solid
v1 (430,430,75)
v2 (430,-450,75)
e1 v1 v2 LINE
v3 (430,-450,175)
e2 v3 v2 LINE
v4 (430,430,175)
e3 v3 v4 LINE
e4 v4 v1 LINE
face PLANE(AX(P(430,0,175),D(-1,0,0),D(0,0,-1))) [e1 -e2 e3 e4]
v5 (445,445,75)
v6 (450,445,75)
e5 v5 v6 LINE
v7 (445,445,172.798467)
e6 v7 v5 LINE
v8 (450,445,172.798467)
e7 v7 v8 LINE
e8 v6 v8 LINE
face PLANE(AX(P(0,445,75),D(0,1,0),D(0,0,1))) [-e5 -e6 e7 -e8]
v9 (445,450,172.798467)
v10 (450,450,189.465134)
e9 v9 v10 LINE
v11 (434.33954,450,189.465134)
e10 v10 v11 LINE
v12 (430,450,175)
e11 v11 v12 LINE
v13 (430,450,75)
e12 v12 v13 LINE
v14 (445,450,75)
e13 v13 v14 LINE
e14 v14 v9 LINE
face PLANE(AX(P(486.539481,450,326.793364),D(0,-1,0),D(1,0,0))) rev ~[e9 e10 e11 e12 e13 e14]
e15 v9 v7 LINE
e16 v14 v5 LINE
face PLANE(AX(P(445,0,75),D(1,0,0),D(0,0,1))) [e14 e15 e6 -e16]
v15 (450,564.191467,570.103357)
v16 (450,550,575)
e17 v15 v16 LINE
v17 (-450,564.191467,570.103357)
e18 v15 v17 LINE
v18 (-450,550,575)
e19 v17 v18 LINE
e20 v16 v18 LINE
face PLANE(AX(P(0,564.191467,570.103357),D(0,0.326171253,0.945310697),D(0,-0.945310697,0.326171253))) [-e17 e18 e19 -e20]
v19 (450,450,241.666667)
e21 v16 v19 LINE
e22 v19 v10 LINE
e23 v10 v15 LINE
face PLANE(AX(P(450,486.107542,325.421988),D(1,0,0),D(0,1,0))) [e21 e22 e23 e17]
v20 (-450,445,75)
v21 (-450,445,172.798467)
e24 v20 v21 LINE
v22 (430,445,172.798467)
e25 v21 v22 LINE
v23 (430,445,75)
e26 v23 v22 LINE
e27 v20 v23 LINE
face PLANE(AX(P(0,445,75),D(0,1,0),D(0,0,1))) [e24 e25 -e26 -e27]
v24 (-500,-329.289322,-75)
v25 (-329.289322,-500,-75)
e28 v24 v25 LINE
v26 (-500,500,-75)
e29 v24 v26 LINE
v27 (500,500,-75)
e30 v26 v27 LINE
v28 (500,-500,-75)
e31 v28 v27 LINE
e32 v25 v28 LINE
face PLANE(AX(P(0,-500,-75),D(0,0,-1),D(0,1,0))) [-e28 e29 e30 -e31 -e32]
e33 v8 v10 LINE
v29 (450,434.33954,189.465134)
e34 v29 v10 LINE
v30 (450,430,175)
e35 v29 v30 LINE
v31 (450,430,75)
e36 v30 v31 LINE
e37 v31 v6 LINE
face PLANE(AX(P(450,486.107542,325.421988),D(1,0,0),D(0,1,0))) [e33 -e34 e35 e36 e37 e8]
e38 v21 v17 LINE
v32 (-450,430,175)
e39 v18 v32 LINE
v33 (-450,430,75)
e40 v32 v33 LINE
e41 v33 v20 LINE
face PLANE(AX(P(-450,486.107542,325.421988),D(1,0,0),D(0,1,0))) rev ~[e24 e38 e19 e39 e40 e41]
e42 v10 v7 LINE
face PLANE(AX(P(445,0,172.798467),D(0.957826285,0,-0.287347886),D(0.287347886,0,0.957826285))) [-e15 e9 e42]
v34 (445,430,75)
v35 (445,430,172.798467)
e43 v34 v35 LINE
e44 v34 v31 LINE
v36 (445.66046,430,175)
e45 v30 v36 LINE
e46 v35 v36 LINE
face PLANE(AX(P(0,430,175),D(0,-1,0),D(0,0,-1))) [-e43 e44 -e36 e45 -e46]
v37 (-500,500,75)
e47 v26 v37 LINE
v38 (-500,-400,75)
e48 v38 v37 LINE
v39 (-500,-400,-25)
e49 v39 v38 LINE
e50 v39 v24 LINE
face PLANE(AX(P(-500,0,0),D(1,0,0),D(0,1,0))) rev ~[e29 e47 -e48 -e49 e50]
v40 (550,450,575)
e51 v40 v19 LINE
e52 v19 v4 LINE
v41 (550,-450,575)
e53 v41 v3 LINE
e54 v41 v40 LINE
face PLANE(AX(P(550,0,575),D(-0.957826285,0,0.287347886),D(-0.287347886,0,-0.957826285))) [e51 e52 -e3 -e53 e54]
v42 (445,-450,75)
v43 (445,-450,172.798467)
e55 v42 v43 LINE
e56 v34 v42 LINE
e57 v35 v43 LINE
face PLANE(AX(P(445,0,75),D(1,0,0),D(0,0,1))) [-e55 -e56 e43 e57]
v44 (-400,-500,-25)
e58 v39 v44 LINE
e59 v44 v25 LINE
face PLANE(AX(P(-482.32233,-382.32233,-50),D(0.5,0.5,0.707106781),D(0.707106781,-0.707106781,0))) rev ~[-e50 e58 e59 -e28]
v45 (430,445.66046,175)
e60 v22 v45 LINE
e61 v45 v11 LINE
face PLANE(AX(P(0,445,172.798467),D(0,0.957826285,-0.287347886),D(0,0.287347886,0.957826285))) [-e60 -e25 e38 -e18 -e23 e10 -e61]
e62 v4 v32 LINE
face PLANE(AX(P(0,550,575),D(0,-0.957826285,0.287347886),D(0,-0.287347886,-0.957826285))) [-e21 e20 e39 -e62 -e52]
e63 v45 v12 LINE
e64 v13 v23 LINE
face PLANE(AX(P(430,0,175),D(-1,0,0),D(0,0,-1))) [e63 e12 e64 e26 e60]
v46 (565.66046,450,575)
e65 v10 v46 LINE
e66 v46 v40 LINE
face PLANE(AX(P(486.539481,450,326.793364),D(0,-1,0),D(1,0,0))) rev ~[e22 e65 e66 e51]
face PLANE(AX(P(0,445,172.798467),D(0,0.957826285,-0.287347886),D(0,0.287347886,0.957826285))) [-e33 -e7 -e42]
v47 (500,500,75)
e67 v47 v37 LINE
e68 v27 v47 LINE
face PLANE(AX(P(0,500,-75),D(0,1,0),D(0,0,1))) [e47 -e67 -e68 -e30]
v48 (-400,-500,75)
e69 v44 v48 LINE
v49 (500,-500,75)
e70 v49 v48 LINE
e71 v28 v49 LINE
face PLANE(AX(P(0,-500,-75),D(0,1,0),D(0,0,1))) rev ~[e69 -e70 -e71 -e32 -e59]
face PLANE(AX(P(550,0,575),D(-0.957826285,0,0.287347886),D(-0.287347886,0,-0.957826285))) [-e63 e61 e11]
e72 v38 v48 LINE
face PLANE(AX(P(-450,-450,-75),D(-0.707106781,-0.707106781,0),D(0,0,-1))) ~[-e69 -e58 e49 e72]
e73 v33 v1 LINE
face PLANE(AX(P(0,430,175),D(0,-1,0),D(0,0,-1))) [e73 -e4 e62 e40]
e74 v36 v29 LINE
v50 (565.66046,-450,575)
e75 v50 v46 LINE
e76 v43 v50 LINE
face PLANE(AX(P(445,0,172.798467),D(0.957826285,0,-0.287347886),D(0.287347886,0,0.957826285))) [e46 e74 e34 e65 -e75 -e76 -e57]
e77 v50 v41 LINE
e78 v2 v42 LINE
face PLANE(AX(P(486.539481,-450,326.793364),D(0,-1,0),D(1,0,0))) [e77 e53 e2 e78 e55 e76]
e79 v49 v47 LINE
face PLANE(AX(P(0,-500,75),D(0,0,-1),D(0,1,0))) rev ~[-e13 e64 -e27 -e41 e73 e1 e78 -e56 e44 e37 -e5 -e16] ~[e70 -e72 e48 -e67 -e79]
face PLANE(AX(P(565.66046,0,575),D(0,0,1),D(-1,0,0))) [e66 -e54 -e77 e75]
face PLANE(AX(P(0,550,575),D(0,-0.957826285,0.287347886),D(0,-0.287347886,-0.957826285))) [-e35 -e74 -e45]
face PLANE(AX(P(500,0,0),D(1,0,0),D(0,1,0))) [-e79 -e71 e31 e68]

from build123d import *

# Parameters (mm, degrees)
F0_W     = 1000
F0_H     = 150
F1_DEPTH = 500
F3_DEPTH = 450
F5_DEPTH = 450
F6_SIZE  = 100
F7_SIZE  = 50


with BuildPart() as f1:
    # F0 (on Right) → F1 (new body, symmetric)
    with BuildSketch(Plane.YZ):
        Rectangle(F0_W, F0_H)
    extrude(amount=F1_DEPTH, both=True)

    # F2 (on Right) → F3 (join, symmetric)
    with BuildSketch(Plane.YZ):
        Polygon((430, 175), (430, 75), (445, 75), (445, 172.7984674554), (564.1914670014, 570.1033574602), (550, 575), align=None)
    extrude(amount=F3_DEPTH, both=True)

    # F4 (on Front) → F5 (join, symmetric)
    with BuildSketch(Plane.XZ):
        Polygon((430, 175), (430, 75), (445, 75), (445, 172.7984674554), (565.6604597634, 575), (550, 575), align=None)
    extrude(amount=F5_DEPTH, both=True)

    # F6
    f6_edges = [f1.edges().sort_by_distance(p)[0] for p in [
        (-500, -500, 0),
    ]]
    chamfer(f6_edges, length=F6_SIZE)

    # F7
    f7_edges = [f1.edges().sort_by_distance(p)[0] for p in [
        (-450, -450, -75),
    ]]
    chamfer(f7_edges, length=F7_SIZE)


solid = f1.part
